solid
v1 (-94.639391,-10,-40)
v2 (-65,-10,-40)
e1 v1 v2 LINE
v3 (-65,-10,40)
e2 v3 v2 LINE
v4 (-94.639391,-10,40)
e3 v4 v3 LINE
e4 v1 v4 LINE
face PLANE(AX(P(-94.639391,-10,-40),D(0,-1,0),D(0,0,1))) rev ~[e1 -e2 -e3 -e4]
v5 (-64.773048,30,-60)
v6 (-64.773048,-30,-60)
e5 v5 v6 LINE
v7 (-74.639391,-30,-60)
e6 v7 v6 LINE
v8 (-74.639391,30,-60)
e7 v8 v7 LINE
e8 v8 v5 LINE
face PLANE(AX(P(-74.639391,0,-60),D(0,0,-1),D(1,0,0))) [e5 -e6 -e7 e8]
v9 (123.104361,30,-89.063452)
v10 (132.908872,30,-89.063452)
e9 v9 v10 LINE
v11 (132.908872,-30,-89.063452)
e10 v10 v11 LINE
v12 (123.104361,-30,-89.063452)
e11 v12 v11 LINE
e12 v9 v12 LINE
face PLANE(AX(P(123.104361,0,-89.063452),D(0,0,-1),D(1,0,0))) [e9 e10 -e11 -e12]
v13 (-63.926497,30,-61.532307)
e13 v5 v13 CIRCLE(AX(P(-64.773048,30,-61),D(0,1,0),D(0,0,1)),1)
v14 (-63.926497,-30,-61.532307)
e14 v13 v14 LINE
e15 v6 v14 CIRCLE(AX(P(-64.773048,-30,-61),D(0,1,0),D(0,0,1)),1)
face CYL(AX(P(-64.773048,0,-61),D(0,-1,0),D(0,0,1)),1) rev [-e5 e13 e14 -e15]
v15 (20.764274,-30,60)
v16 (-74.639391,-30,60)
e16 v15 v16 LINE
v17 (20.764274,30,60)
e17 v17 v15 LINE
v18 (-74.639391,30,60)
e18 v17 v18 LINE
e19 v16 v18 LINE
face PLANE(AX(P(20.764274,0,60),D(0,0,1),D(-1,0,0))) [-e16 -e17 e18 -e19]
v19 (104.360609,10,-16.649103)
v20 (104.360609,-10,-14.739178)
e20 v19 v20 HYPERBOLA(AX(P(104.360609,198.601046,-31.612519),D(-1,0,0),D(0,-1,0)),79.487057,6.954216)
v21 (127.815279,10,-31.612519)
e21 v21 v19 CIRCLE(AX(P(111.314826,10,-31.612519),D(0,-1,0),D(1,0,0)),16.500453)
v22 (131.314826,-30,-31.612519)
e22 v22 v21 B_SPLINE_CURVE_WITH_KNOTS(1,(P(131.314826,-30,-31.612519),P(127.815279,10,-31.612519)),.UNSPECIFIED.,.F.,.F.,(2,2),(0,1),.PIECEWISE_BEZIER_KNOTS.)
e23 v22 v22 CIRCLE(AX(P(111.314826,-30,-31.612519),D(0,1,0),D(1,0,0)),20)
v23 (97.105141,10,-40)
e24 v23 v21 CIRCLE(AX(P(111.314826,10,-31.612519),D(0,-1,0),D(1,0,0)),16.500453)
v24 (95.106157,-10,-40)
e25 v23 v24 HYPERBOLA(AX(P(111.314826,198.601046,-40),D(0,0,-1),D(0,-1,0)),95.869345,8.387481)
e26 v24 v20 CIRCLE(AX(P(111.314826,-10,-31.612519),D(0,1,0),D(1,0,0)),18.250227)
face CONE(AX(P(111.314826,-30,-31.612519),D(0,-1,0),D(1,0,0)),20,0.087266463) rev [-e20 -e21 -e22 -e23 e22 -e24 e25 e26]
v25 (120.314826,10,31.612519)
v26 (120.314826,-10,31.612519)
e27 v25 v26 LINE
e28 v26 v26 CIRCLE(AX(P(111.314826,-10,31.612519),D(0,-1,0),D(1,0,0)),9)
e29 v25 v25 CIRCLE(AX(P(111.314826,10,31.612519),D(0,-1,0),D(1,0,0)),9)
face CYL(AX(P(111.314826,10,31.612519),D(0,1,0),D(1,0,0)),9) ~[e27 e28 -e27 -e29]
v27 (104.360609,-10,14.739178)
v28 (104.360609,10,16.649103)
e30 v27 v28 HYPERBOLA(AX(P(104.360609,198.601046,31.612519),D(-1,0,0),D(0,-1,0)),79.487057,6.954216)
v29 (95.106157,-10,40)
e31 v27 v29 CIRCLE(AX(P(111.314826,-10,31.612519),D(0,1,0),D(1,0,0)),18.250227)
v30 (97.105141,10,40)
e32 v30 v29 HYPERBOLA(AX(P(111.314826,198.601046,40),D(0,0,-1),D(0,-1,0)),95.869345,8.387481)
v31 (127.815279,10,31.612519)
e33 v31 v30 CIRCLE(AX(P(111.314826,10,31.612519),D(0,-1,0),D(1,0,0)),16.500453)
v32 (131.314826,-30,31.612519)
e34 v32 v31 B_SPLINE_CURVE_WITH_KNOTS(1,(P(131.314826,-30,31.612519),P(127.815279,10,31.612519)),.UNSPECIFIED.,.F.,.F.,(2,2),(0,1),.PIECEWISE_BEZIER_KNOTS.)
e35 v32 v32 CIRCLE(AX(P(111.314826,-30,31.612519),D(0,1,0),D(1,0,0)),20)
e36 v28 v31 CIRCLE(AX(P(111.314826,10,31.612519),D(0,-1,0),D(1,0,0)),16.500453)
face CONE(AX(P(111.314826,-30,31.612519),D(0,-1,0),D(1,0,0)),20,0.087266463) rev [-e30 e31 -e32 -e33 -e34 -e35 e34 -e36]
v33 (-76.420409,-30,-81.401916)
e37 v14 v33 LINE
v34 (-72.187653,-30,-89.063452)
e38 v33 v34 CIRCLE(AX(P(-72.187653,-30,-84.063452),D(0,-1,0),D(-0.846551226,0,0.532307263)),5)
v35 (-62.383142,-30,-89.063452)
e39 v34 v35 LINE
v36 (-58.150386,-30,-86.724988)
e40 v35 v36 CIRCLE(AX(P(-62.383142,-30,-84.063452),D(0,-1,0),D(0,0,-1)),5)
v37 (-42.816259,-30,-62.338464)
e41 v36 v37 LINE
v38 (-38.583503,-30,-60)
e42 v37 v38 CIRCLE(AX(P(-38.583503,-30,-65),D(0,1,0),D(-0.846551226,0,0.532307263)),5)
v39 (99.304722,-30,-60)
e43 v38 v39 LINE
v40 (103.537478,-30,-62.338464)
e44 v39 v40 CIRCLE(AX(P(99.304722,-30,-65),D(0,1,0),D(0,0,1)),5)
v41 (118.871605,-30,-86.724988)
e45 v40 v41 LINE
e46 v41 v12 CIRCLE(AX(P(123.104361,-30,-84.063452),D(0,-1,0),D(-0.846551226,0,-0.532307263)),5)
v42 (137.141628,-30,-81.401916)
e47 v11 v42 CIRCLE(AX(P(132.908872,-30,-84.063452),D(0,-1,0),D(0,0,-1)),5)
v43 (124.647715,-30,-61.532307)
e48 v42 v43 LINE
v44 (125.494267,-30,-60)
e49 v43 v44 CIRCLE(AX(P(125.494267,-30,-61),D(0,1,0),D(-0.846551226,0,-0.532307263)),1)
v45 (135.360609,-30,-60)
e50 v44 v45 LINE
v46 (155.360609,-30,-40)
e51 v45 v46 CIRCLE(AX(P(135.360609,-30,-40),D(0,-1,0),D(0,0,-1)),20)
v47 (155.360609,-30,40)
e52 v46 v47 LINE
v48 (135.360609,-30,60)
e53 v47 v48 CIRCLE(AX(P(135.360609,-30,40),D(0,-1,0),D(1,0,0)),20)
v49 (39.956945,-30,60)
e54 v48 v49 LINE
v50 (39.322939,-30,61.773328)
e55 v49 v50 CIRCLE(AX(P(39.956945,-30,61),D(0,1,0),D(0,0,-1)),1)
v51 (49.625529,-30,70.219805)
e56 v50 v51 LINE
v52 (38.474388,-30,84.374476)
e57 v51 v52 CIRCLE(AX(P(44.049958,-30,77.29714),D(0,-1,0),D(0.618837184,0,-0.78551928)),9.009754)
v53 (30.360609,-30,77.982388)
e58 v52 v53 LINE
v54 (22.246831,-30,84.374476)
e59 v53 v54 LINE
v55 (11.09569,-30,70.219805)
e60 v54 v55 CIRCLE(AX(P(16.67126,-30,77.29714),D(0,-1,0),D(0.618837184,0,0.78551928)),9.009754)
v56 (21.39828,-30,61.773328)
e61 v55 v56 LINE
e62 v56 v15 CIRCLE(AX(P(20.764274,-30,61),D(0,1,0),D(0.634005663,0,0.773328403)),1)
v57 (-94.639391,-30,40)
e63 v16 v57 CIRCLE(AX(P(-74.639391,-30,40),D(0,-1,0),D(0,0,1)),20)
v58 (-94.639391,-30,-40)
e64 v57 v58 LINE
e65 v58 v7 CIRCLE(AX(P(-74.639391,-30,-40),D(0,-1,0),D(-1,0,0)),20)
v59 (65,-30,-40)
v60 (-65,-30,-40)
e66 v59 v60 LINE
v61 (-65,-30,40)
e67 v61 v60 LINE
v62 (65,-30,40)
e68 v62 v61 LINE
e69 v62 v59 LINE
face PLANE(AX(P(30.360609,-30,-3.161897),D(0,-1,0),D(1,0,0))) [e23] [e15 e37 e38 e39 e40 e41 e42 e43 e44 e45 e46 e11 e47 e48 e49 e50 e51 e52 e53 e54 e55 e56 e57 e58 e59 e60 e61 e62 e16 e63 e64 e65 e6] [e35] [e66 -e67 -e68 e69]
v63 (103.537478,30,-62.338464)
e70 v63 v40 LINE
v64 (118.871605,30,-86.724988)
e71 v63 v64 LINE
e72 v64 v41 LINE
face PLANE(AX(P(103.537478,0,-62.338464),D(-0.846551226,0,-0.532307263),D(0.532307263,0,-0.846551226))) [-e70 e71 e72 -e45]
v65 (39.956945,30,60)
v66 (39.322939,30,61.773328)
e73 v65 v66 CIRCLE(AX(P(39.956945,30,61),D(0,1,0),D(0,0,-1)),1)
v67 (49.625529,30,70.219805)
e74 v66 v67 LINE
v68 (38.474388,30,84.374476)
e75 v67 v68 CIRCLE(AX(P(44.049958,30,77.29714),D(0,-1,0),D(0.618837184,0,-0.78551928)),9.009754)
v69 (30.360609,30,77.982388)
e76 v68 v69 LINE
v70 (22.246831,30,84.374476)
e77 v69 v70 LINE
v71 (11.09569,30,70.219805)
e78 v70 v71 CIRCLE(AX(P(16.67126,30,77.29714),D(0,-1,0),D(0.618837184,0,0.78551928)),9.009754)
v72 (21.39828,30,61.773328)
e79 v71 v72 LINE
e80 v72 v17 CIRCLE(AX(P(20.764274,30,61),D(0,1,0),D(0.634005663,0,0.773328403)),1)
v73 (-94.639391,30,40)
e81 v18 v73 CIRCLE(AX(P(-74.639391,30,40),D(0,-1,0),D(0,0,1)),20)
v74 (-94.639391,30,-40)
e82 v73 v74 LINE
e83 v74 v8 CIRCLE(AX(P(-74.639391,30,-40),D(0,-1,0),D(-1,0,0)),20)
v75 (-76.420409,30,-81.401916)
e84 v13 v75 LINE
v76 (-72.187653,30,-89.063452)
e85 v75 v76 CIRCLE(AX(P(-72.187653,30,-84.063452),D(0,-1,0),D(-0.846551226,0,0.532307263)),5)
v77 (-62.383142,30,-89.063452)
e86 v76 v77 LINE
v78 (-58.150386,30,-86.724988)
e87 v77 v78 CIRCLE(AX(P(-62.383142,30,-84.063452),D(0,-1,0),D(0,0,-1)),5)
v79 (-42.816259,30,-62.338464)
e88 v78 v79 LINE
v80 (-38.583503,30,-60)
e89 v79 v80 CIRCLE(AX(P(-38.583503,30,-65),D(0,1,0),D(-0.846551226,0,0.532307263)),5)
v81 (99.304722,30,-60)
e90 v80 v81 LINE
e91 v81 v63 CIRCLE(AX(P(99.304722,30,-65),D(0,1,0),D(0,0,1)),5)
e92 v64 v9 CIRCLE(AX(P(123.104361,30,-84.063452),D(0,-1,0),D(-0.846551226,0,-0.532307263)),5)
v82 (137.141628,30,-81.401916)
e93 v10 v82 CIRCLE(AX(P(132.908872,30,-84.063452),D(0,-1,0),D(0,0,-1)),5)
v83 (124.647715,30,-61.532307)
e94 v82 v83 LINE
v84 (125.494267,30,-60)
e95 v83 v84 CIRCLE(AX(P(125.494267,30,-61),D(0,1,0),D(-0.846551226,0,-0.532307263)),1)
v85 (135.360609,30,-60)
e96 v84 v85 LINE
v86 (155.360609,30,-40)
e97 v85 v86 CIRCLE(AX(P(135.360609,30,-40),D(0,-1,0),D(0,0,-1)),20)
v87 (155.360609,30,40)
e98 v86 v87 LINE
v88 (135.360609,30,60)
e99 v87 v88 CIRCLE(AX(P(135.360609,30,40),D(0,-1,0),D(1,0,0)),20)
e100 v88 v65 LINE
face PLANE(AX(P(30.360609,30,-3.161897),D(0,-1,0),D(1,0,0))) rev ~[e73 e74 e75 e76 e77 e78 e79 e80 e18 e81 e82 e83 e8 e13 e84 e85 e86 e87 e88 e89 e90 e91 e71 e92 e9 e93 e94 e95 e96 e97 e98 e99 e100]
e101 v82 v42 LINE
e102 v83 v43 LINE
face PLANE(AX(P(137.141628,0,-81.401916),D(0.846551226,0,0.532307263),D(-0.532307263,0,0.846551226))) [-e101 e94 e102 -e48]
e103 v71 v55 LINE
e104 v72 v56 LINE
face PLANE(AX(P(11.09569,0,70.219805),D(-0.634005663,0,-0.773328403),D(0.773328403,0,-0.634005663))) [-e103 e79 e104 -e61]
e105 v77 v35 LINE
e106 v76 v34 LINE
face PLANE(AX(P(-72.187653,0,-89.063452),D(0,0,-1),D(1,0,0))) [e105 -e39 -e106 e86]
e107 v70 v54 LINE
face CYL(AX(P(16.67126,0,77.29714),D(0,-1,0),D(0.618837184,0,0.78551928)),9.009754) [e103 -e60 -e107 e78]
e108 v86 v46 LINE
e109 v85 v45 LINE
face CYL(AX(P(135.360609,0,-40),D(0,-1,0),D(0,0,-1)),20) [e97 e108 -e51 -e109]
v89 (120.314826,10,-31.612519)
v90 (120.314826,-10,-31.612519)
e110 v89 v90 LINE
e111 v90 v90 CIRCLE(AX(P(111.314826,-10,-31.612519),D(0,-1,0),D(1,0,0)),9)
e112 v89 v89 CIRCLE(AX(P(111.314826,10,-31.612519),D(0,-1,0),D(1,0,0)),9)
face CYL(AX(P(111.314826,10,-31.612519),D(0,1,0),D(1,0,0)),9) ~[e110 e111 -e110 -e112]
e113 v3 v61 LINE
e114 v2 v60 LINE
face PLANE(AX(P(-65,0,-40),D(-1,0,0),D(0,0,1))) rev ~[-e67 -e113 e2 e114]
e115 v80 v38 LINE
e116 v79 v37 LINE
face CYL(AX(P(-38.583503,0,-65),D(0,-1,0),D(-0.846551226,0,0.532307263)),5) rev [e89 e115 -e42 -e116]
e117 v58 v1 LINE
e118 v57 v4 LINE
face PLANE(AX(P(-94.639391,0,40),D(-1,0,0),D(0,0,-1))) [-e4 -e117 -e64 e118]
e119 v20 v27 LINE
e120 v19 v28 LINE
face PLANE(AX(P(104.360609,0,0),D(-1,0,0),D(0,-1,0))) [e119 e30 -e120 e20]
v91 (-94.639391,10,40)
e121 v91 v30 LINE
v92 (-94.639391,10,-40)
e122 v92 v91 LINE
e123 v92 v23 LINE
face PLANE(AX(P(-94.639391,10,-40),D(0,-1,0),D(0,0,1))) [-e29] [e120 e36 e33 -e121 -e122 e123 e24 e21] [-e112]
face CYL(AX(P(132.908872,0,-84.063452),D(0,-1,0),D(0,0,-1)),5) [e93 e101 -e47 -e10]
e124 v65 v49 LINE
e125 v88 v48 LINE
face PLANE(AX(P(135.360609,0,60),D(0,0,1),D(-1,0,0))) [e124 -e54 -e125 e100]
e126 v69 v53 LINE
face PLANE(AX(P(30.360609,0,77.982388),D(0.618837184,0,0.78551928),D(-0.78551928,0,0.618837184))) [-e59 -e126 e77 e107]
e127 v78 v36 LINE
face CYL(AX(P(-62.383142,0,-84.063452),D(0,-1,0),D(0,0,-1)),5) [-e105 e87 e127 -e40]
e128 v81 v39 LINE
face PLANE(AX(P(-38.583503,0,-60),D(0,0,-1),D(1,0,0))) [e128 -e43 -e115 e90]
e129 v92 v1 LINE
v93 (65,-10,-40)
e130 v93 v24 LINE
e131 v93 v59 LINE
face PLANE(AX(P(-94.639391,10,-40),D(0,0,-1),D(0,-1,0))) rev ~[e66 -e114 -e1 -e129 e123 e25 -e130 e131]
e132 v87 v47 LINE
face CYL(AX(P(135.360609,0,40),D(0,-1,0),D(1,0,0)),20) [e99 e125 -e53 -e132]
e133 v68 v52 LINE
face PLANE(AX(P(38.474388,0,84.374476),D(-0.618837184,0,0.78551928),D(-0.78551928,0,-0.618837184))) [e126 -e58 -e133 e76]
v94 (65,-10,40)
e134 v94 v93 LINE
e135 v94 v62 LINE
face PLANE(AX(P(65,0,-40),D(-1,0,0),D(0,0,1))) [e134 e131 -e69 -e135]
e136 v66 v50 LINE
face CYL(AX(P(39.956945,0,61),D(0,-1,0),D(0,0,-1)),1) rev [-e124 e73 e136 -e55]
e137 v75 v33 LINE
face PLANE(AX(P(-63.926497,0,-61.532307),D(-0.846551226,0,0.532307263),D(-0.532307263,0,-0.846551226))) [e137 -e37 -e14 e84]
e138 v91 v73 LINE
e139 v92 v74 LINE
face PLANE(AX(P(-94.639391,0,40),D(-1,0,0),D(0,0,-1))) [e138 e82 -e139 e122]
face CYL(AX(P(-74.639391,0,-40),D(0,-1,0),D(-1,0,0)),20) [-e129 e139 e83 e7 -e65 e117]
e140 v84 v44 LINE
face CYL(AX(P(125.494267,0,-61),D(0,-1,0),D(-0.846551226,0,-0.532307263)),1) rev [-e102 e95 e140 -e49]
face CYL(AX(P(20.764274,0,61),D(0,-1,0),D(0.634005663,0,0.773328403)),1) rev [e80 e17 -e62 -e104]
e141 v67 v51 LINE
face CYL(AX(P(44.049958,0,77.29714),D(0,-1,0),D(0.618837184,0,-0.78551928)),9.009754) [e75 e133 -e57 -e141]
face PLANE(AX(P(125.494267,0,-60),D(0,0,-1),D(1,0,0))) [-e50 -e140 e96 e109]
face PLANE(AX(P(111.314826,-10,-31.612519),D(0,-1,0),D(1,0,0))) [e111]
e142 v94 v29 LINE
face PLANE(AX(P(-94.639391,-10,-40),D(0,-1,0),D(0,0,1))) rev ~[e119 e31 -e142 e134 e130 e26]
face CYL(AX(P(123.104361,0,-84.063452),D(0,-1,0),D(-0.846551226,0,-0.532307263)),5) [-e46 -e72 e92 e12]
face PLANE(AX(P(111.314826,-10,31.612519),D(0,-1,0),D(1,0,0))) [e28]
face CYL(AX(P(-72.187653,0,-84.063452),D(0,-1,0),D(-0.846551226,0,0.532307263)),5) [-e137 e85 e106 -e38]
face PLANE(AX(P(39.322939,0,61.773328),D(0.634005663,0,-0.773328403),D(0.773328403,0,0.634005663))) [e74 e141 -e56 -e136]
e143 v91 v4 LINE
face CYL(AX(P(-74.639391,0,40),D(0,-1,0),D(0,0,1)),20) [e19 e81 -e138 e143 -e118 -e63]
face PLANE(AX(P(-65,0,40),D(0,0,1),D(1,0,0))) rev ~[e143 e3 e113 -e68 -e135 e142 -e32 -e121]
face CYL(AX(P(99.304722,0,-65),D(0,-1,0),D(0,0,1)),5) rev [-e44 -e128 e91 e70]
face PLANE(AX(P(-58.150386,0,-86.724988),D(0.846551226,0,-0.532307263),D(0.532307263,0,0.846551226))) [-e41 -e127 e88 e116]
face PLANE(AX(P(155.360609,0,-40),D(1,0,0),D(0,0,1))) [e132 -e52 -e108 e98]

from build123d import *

# Parameters (mm, degrees)
F3_DEPTH  = 30
F4_W      = 20
F4_H      = 80
F5_DEPTH  = 199
F6_R      = 20
F7_DEPTH  = 40
F7_TAPER  = 5
F0_W      = 130
F0_H      = 80
F8_DEPTH  = 43
F9_R      = 9
F10_DEPTH = 20


with BuildPart() as f3:
    # F2 (on Front) → F3 (new body, symmetric)
    with BuildSketch(Plane.XZ):
        with BuildLine():
            ThreePointArc((-94.639390707, -40), (-88.7815263307, -54.1421356237), (-74.639390707, -60))
            Line((-74.639390707, -60), (-64.7730480564, -60))
            ThreePointArc((-64.7730480564, -60), (-63.8977460335, -60.5164233581), (-63.9264968306, -61.5323072629))
            Line((-63.9264968306, -61.5323072629), (-76.4204092514, -81.4019156883))
            ThreePointArc((-76.4204092514, -81.4019156883), (-76.5641632373, -86.481335212), (-72.1876531224, -89.0634520026))
            Line((-72.1876531224, -89.0634520026), (-62.3831424536, -89.0634520026))
            ThreePointArc((-62.3831424536, -89.0634520026), (-59.9652592442, -88.4399621175), (-58.1503863246, -86.7249883169))
            Line((-58.1503863246, -86.7249883169), (-42.8162591257, -62.3384636857))
            ThreePointArc((-42.8162591257, -62.3384636857), (-41.0013862061, -60.6234898851), (-38.5835029967, -60))
            Line((-38.5835029967, -60), (99.3047215826, -60))
            ThreePointArc((99.3047215826, -60), (101.7226047921, -60.6234898851), (103.5374777117, -62.3384636857))
            Line((103.5374777117, -62.3384636857), (118.8716049106, -86.7249883169))
            ThreePointArc((118.8716049106, -86.7249883169), (120.6864778302, -88.4399621175), (123.1043610396, -89.0634520026))
            Line((123.1043610396, -89.0634520026), (132.9088717083, -89.0634520026))
            ThreePointArc((132.9088717083, -89.0634520026), (137.2853818232, -86.481335212), (137.1416278374, -81.4019156883))
            Line((137.1416278374, -81.4019156883), (124.6477154166, -61.5323072629))
            ThreePointArc((124.6477154166, -61.5323072629), (124.6189646194, -60.5164233581), (125.4942666424, -60))
            Line((125.4942666424, -60), (135.360609293, -60))
            ThreePointArc((135.360609293, -60), (149.5027449167, -54.1421356237), (155.360609293, -40))
            Line((155.360609293, -40), (155.360609293, 40))
            ThreePointArc((155.360609293, 40), (149.5027449167, 54.1421356237), (135.360609293, 60))
            Line((135.360609293, 60), (39.9569445726, 60))
            ThreePointArc((39.9569445726, 60), (39.0153160887, 60.6633461743), (39.3229389096, 61.7733284033))
            Line((39.3229389096, 61.7733284033), (49.6255289763, 70.2198052406))
            ThreePointArc((49.6255289763, 70.2198052406), (51.1272936037, 82.8727111049), (38.4743877395, 84.3744757323))
            Line((38.4743877395, 84.3744757323), (30.360609293, 77.9823884368))
            Line((30.360609293, 77.9823884368), (22.2468308465, 84.3744757323))
            ThreePointArc((22.2468308465, 84.3744757323), (9.5939249823, 82.8727111049), (11.0956896096, 70.2198052406))
            Line((11.0956896096, 70.2198052406), (21.3982796764, 61.7733284033))
            ThreePointArc((21.3982796764, 61.7733284033), (21.7059024972, 60.6633461743), (20.7642740134, 60))
            Line((20.7642740134, 60), (-74.639390707, 60))
            ThreePointArc((-74.639390707, 60), (-88.7815263307, 54.1421356237), (-94.639390707, 40))
            Line((-94.639390707, 40), (-94.639390707, -40))
        make_face()
    extrude(amount=F3_DEPTH, both=True)

    # F4 (on face) → F5 (cut)
    with BuildSketch(Plane(origin=(-94.639390707, 0, 0), x_dir=(0, -1, 0), z_dir=(-1, 0, 0))):
        Rectangle(F4_W, F4_H)
    extrude(amount=-F5_DEPTH, mode=Mode.SUBTRACT)

    # F6 (on face) → F7 (cut)
    with BuildSketch(Plane.XZ.offset(30)):
        with Locations((111.3148257136, 31.6125191748)):
            Circle(F6_R)
        with Locations((111.3148257136, -31.6125191748)):
            Circle(F6_R)
    extrude(amount=-F7_DEPTH, taper=F7_TAPER, mode=Mode.SUBTRACT)

    # F0 (on Front) → F8 (cut)
    with BuildSketch(Plane.XZ):
        Rectangle(F0_W, F0_H)
    extrude(amount=F8_DEPTH, mode=Mode.SUBTRACT)

    # F9 (on face) → F10 (join)
    with BuildSketch(Plane.XZ.offset(-10)):
        with Locations((111.3148257136, 31.6125191748)):
            Circle(F9_R)
        with Locations((111.3148257136, -31.6125191748)):
            Circle(F9_R)
    extrude(amount=F10_DEPTH)


solid = f3.part
